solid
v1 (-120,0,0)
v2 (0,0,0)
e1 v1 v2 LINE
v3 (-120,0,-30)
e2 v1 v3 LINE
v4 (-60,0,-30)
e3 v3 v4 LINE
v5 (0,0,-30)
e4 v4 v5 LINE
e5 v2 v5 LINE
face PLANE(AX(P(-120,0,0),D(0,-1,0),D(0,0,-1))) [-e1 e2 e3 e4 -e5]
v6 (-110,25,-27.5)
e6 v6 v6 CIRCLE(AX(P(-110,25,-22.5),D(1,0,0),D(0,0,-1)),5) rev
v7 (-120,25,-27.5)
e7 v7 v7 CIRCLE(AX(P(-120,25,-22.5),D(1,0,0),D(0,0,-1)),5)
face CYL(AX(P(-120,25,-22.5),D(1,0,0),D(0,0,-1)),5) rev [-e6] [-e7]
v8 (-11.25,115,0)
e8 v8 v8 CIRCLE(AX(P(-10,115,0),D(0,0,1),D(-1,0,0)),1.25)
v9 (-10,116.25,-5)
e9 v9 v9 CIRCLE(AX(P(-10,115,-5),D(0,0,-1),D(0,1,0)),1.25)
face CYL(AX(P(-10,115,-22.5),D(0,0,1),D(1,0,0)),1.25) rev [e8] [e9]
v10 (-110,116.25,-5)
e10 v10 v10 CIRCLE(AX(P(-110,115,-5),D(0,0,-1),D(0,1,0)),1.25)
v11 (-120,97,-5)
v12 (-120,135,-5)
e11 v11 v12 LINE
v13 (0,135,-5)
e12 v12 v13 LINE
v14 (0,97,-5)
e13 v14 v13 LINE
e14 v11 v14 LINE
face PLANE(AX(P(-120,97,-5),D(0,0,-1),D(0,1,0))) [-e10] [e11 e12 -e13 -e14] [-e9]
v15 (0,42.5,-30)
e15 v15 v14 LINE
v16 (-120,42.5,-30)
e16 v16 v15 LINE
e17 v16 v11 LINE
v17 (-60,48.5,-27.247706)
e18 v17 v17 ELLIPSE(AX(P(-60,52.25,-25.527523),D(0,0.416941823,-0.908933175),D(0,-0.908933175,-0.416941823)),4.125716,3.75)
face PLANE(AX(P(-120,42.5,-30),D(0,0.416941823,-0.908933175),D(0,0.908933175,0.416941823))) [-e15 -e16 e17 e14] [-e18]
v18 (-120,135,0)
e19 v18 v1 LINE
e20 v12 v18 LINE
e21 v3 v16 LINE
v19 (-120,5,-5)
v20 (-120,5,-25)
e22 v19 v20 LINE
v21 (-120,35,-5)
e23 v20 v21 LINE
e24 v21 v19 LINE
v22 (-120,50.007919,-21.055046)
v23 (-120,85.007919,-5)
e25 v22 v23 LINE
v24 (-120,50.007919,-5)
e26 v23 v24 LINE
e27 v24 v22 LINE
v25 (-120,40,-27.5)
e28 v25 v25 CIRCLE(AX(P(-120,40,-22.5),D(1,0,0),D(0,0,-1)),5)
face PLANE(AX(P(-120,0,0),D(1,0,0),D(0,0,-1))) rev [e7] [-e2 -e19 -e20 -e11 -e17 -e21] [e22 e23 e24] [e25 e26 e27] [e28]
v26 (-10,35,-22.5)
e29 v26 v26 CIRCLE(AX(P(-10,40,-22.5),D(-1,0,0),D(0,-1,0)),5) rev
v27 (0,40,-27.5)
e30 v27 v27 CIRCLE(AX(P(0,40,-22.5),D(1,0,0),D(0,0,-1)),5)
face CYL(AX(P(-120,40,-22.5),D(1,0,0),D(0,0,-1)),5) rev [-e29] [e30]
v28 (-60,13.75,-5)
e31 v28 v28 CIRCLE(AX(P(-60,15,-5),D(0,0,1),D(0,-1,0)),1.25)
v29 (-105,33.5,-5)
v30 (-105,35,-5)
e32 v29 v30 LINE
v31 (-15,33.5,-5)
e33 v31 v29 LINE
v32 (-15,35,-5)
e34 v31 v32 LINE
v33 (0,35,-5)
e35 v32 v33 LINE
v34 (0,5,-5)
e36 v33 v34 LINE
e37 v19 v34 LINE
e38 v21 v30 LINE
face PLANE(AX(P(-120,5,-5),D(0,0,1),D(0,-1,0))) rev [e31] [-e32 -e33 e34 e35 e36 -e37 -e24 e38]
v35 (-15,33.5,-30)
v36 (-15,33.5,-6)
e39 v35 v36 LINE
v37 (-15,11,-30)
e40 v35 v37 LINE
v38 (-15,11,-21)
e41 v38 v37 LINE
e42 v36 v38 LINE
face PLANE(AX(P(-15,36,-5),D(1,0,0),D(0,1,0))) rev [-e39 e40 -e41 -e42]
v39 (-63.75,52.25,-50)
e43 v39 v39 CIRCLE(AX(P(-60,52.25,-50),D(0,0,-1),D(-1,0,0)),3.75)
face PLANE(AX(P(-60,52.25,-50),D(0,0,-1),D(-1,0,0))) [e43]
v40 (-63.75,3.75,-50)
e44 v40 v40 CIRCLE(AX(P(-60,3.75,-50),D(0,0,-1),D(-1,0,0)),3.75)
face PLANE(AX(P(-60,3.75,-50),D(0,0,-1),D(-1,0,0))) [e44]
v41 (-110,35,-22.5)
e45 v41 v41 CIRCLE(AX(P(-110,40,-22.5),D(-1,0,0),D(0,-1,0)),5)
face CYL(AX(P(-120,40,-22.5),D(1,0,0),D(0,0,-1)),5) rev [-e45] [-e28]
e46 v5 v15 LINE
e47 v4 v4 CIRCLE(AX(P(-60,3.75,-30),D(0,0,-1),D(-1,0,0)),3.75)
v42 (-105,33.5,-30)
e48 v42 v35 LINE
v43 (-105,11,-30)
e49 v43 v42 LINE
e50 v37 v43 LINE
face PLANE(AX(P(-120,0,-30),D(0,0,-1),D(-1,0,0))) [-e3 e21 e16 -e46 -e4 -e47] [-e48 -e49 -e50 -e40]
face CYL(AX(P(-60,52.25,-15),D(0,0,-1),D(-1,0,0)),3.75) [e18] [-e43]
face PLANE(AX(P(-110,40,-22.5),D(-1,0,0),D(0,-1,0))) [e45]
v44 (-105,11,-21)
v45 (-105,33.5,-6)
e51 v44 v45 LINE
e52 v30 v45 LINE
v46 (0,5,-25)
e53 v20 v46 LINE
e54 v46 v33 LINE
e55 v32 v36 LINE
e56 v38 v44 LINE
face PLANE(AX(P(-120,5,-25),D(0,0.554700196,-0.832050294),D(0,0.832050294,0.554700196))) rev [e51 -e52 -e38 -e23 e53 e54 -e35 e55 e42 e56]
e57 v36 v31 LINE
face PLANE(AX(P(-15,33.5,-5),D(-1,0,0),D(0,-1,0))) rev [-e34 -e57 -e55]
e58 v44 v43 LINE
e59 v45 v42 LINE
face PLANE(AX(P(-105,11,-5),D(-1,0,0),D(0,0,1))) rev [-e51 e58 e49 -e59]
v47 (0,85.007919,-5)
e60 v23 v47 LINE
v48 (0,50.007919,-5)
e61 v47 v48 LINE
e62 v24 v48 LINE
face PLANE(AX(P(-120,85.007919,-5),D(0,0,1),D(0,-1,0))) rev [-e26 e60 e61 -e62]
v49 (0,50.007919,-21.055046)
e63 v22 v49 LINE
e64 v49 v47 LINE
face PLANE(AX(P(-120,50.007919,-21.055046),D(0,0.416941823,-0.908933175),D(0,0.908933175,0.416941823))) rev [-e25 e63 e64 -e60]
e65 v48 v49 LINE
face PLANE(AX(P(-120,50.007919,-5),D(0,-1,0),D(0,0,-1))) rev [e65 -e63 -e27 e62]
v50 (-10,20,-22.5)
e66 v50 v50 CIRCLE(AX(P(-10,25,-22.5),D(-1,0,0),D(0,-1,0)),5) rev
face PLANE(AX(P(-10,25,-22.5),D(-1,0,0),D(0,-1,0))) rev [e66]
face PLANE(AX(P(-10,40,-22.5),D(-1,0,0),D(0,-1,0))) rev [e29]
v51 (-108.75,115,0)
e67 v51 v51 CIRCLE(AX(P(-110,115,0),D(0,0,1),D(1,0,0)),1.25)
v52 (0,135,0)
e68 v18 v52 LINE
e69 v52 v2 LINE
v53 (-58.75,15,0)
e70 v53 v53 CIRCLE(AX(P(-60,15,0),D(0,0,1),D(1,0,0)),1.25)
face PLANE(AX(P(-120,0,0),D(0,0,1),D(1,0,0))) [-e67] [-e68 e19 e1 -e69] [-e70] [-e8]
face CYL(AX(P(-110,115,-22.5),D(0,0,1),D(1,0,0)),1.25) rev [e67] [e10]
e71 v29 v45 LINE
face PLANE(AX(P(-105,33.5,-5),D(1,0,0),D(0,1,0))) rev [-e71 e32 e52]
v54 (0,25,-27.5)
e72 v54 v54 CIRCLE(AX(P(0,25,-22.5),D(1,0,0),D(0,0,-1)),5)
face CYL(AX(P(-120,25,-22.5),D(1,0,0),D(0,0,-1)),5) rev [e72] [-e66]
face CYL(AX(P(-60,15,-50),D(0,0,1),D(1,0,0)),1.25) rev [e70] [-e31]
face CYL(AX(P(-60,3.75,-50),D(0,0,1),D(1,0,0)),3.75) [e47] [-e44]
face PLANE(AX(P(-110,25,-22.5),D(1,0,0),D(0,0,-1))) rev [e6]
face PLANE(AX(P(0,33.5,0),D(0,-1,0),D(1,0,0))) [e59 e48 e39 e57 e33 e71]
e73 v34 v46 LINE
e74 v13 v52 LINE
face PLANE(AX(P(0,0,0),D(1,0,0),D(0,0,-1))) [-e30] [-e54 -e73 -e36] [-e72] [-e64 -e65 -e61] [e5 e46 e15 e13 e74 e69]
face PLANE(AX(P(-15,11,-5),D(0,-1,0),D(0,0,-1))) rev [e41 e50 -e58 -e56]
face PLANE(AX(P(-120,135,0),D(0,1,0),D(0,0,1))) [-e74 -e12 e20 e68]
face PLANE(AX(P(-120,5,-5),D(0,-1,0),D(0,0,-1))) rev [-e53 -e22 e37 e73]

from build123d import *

# Parameters (mm, degrees)
SKETCH1_R                = 5
BOSS_EXTRUDE1_DEPTH      = 120
SKETCH2_R                = 3.75
BOSS_EXTRUDE2_DEPTH      = 20
SKETCH3_R                = 3.75
BOSS_EXTRUDE3_DEPTH      = 20
BOSS_EXTRUDE3_DEPTH_BACK = 15
SKETCH4_R                = 1.25
CUT_EXTRUDE1_DEPTH       = 50
SKETCH5_W                = 90
SKETCH5_H                = 25
CUT_EXTRUDE5_DEPTH       = 25
SKETCH6_R                = 5
BOSS_EXTRUDE4_DEPTH      = 5
SKETCH7_R                = 5
BOSS_EXTRUDE5_DEPTH      = 5
SKETCH8_R                = 5
BOSS_EXTRUDE6_DEPTH      = 95
BOSS_EXTRUDE6_DEPTH_BACK = 5
SKETCH9_W                = 90
SKETCH9_H                = 25
BOSS_EXTRUDE7_DEPTH      = 2.5
SKETCH10_R               = 1.25
CUT_EXTRUDE6_DEPTH       = 22.5
CUT_EXTRUDE7_DEPTH       = 120


with BuildPart() as part:
    # Sketch1 → Boss-Extrude1 (new body)
    with BuildSketch(Plane(origin=(0, 0, 0), x_dir=(0, 0, -1), z_dir=(1, 0, 0))):
        Polygon((0, 0), (0, 135), (5, 135), (5, 97), (30, 42.5), (30, 0), align=None)
        with Locations((22.5, 40)):
            Circle(SKETCH1_R, mode=Mode.SUBTRACT)
        with Locations((22.5, 25)):
            Circle(SKETCH1_R, mode=Mode.SUBTRACT)
        Polygon((25, 5), (5, 35), (5, 5), align=None, mode=Mode.SUBTRACT)
    extrude(amount=-BOSS_EXTRUDE1_DEPTH)

    # Sketch2 → Boss-Extrude2 (add)
    with BuildSketch(Plane(origin=(0, 0, -30), x_dir=(-1, 0, 0), z_dir=(0, 0, -1))):
        with Locations((60, 3.75)):
            Circle(SKETCH2_R)
    extrude(amount=BOSS_EXTRUDE2_DEPTH)

    # Sketch3 → Boss-Extrude3 (add, two sides)
    with BuildSketch(Plane(origin=(0, 0, -30), x_dir=(-1, 0, 0), z_dir=(0, 0, -1))) as boss_extrude3_sk:
        with Locations((60, 52.25)):
            Circle(SKETCH3_R)
    extrude(amount=BOSS_EXTRUDE3_DEPTH)
    extrude(boss_extrude3_sk.sketch, amount=-BOSS_EXTRUDE3_DEPTH_BACK)

    # Sketch4 → Cut-Extrude1 (cut)
    with BuildSketch(Plane.XY):
        with Locations((-60, 15)):
            Circle(SKETCH4_R)
    extrude(amount=-CUT_EXTRUDE1_DEPTH, mode=Mode.SUBTRACT)

    # Sketch5 → Cut-Extrude5 (cut)
    with BuildSketch(Plane(origin=(0, 0, -30), x_dir=(-1, 0, 0), z_dir=(0, 0, -1))):
        with Locations((60, 23.5)):
            Rectangle(SKETCH5_W, SKETCH5_H)
    extrude(amount=-CUT_EXTRUDE5_DEPTH, mode=Mode.SUBTRACT)

    # Sketch6 → Boss-Extrude4 (add)
    with BuildSketch(Plane.ZY.offset(15)):
        with Locations((-22.5, 25)):
            Circle(SKETCH6_R)
    extrude(amount=-BOSS_EXTRUDE4_DEPTH)

    # Sketch7 → Boss-Extrude5 (add)
    with BuildSketch(Plane(origin=(-105, 0, 0), x_dir=(0, 0, -1), z_dir=(1, 0, 0))):
        with Locations((22.5, 25)):
            Circle(SKETCH7_R)
    extrude(amount=-BOSS_EXTRUDE5_DEPTH)

    # Sketch8 → Boss-Extrude6 (add, two sides)
    with BuildSketch(Plane.ZY.offset(15)) as boss_extrude6_sk:
        with Locations((-22.5, 40)):
            Circle(SKETCH8_R)
    extrude(amount=BOSS_EXTRUDE6_DEPTH)
    extrude(boss_extrude6_sk.sketch, amount=-BOSS_EXTRUDE6_DEPTH_BACK)

    # Sketch9 → Boss-Extrude7 (add)
    with BuildSketch(Plane.XZ.offset(-36)):
        with Locations((-60, -17.5)):
            Rectangle(SKETCH9_W, SKETCH9_H)
    extrude(amount=BOSS_EXTRUDE7_DEPTH)

    # Sketch10 → Cut-Extrude6 (cut)
    with BuildSketch(Plane.XY):
        with Locations((-110, 115)):
            Circle(SKETCH10_R)
        with Locations((-10, 115)):
            Circle(SKETCH10_R)
    extrude(amount=-CUT_EXTRUDE6_DEPTH, mode=Mode.SUBTRACT)

    # Sketch11 → Cut-Extrude7 (cut)
    with BuildSketch(Plane(origin=(0, 0, 0), x_dir=(0, 0, -1), z_dir=(1, 0, 0))):
        Polygon((5, 85.00791928), (5, 50.00791928), (21.055045872, 50.00791928), align=None)
    extrude(amount=-CUT_EXTRUDE7_DEPTH, mode=Mode.SUBTRACT)


solid = part.part
